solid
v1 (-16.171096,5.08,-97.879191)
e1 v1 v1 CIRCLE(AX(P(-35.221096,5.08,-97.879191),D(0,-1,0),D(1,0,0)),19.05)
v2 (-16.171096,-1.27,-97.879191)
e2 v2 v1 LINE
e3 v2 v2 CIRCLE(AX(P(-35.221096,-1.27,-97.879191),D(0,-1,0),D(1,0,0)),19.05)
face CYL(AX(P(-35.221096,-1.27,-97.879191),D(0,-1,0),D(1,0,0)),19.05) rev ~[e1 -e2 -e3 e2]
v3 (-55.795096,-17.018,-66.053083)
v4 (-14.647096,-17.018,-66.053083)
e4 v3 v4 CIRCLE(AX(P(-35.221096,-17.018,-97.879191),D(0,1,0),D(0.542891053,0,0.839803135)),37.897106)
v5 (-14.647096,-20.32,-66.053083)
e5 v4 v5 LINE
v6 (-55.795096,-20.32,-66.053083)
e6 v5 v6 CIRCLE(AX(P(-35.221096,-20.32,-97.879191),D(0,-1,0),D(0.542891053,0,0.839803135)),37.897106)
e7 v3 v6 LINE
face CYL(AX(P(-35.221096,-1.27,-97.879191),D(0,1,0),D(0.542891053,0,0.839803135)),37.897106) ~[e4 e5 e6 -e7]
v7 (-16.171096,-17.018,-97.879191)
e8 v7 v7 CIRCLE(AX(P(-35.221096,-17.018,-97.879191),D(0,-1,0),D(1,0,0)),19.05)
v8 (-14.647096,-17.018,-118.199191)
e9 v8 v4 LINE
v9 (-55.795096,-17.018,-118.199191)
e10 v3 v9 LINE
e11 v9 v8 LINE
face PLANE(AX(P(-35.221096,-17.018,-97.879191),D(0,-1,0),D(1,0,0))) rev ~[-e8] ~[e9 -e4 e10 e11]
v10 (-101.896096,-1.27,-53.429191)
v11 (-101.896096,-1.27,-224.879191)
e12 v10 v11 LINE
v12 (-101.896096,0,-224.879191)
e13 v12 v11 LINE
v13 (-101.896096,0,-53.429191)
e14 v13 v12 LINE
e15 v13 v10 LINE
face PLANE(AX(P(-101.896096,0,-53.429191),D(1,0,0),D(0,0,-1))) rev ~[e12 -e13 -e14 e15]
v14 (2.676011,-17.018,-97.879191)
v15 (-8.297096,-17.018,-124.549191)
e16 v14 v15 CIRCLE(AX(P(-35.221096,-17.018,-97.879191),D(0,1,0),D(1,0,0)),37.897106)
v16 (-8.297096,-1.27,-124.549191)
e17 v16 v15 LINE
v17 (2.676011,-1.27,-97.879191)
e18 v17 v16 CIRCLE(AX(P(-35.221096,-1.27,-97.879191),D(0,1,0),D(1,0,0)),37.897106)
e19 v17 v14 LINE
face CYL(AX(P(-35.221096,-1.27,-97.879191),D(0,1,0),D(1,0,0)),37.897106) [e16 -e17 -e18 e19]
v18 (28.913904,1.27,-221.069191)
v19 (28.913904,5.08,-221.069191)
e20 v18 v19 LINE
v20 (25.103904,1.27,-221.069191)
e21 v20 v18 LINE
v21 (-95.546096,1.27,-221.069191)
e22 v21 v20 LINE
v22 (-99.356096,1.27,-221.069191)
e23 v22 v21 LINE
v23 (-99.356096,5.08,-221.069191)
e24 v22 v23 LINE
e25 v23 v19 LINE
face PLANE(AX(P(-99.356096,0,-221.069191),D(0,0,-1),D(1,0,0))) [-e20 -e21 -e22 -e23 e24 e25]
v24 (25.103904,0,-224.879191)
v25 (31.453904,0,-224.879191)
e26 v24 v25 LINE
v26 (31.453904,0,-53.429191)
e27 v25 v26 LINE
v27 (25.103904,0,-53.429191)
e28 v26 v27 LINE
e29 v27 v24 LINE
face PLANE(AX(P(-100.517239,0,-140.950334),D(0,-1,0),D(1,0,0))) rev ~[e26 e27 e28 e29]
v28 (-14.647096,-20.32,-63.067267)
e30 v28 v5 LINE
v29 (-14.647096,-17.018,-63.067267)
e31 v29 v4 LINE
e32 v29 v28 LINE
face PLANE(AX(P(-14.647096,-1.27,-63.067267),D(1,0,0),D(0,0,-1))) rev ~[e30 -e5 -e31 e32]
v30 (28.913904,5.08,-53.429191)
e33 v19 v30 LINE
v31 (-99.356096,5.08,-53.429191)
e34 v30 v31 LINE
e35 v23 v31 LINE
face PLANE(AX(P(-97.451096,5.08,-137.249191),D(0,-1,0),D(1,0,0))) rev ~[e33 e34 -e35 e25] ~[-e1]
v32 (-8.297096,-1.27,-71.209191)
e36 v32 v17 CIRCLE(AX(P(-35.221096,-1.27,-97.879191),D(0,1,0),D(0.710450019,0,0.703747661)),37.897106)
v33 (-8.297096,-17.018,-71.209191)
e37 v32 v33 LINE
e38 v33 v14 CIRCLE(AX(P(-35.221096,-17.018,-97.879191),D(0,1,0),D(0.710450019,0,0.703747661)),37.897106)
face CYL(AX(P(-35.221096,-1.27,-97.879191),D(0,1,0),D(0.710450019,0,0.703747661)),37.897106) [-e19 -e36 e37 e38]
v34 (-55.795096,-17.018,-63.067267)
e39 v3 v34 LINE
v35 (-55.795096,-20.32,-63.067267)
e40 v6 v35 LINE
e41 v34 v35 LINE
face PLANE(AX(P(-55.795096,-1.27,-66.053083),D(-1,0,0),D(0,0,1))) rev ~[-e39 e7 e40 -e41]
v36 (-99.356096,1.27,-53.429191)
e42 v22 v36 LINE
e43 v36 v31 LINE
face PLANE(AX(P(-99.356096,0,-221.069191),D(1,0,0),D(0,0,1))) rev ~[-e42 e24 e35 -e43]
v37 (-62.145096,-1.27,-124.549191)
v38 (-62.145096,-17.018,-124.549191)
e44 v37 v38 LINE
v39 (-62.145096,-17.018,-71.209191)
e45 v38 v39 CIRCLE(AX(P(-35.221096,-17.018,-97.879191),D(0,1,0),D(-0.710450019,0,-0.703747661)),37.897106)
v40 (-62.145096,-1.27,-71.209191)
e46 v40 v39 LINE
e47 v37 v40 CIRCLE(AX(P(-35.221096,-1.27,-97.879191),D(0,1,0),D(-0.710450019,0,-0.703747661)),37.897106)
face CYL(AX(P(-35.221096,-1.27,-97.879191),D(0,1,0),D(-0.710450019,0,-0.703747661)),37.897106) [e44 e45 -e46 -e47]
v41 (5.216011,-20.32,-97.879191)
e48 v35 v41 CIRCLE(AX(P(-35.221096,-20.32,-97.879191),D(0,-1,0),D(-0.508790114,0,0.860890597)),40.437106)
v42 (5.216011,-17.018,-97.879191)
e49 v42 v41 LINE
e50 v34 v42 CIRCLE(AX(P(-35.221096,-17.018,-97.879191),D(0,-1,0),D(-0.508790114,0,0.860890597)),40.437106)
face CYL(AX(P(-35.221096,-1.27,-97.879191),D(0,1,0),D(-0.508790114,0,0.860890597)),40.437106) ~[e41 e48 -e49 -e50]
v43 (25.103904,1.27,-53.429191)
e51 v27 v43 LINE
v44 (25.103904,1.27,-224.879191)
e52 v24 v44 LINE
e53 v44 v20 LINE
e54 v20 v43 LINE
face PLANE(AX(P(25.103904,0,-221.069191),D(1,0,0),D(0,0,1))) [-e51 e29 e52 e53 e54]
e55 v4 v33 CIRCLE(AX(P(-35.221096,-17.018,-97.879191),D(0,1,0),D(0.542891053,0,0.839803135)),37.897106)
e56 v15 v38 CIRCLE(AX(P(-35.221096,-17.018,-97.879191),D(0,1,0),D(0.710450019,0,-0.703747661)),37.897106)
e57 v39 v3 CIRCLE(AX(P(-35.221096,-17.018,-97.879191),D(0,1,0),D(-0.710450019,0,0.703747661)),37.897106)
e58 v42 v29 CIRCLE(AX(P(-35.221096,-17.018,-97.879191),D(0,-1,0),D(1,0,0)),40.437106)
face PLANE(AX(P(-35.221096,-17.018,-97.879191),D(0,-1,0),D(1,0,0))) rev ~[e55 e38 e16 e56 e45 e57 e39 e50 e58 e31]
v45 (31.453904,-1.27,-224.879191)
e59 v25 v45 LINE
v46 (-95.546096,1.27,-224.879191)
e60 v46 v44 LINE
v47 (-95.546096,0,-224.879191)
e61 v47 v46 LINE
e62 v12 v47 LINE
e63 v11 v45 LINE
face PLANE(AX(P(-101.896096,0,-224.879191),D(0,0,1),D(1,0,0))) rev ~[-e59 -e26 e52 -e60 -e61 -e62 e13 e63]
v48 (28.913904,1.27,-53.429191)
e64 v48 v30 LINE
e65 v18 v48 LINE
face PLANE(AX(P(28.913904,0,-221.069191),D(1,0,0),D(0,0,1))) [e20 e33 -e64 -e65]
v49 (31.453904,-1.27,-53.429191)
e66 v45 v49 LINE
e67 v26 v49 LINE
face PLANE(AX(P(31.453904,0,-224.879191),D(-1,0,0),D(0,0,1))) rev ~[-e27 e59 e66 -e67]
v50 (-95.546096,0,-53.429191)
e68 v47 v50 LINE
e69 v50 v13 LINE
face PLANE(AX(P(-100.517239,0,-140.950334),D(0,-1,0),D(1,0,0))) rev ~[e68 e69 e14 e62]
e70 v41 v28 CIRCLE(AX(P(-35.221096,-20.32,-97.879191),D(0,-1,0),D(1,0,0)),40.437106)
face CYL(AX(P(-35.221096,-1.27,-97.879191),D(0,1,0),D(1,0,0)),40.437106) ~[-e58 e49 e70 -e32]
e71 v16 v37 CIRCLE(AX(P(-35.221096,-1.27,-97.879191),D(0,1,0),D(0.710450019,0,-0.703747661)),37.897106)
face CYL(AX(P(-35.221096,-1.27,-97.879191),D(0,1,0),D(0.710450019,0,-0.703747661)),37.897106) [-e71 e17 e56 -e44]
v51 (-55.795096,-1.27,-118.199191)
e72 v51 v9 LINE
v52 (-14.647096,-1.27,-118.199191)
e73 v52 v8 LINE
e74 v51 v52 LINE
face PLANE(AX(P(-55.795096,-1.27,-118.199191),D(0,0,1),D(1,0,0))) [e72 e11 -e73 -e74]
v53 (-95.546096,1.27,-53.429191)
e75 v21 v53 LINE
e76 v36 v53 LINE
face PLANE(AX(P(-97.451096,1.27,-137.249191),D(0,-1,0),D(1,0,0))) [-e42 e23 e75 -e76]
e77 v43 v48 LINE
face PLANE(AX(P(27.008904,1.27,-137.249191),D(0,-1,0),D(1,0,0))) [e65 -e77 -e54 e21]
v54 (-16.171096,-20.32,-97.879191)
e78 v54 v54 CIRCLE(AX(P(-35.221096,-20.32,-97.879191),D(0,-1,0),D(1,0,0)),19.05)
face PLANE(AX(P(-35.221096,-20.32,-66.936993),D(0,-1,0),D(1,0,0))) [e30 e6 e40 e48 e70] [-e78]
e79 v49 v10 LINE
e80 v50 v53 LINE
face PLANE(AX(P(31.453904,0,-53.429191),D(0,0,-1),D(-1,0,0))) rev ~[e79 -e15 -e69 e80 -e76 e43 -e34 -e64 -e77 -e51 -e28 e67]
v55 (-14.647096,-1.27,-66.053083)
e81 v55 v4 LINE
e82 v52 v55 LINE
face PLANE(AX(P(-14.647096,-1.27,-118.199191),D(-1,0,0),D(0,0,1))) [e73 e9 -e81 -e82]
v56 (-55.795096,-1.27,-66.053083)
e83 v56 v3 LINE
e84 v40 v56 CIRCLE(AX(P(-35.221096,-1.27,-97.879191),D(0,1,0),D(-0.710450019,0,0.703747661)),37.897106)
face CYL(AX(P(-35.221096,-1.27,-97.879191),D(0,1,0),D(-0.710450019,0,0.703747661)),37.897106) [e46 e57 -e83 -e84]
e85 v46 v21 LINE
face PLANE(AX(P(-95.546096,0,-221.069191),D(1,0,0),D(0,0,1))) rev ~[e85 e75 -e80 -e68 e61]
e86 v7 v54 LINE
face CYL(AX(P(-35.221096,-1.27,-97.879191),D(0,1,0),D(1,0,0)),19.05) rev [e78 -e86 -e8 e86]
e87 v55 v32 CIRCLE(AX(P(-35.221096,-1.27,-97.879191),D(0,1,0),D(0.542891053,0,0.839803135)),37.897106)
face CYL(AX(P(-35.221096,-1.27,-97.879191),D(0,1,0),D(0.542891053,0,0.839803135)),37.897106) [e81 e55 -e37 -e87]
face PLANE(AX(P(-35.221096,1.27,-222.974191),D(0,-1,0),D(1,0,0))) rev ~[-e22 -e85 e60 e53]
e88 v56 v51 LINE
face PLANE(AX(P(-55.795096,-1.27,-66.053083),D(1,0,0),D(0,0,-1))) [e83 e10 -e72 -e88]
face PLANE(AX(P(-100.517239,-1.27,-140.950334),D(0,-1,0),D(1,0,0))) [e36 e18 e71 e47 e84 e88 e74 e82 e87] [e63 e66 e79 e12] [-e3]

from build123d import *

# Parameters (mm, degrees)
F0_W     = 3.81
F0_H     = 167.64
F0_W_2   = 120.65
F1_DEPTH = 5.08
F0_H_2   = 3.81
F2_DEPTH = 1.27
F3_DEPTH = 1.27
F4_DEPTH = 1.27
F5_W     = 41.148
F5_H     = 6.35
F5_H_2   = 40.64
F5_R     = 19.05
F6_DEPTH = 19.05
F7_DEPTH = 15.748
F8_DEPTH = 6.35


with BuildPart() as f1:
    # F0 (on Front) → F1 (new body)
    with BuildSketch(Plane.XZ):
        with Locations((-97.4510958609, -137.2491913055)):
            Rectangle(F0_W, F0_H)
        with Locations((-35.2210958609, -137.2491913055)):
            Rectangle(F0_W_2, F0_H)
        with Locations((27.0089041391, -137.2491913055)):
            Rectangle(F0_W, F0_H)
    extrude(amount=-F1_DEPTH)

    # F0 (on Front) → F2 (join)
    with BuildSketch(Plane.XZ):
        with Locations((-35.2210958609, -222.9741913055)):
            Rectangle(F0_W_2, F0_H_2)
    extrude(amount=-F2_DEPTH)

    # F0 (on Front) → F3 (cut)
    with BuildSketch(Plane.XZ):
        with Locations((-97.4510958609, -137.2491913055)):
            Rectangle(F0_W, F0_H)
        with Locations((27.0089041391, -137.2491913055)):
            Rectangle(F0_W, F0_H)
    extrude(amount=-F3_DEPTH, mode=Mode.SUBTRACT)

    # F0 (on Front) → F4 (join)
    with BuildSketch(Plane.XZ):
        Polygon((-99.3560958609, -221.0691913055), (-99.3560958609, -53.4291913055), (-101.8960958609, -53.4291913055), (-101.8960958609, -224.8791913055), (-95.5460958609, -224.8791913055), (-95.5460958609, -221.0691913055), align=None)
        with Locations((-97.4510958609, -137.2491913055)):
            Rectangle(F0_W, F0_H)
        with Locations((-35.2210958609, -137.2491913055)):
            Rectangle(F0_W_2, F0_H)
        with Locations((-35.2210958609, -222.9741913055)):
            Rectangle(F0_W_2, F0_H_2)
        with Locations((27.0089041391, -137.2491913055)):
            Rectangle(F0_W, F0_H)
        Polygon((31.4539041391, -53.4291913055), (28.9139041391, -53.4291913055), (28.9139041391, -221.0691913055), (25.1039041391, -221.0691913055), (25.1039041391, -224.8791913055), (31.4539041391, -224.8791913055), align=None)
    extrude(amount=F4_DEPTH)

    # F5 (on face) → F6 (join)
    with BuildSketch(Plane.XZ.offset(1.27)):
        with BuildLine():
            Line((-14.6470958609, -71.2091913055), (-14.6470958609, -66.0530825267))
            ThreePointArc((-14.6470958609, -66.0530825267), (-35.2210958609, -59.9820848724), (-55.7950958609, -66.0530825267))
            Line((-55.7950958609, -66.0530825267), (-55.7950958609, -71.2091913055))
            Line((-55.7950958609, -71.2091913055), (-14.6470958609, -71.2091913055))
        make_face()
        with Locations((-35.2210958609, -74.3841913055)):
            Rectangle(F5_W, F5_H)
        with Locations((-35.2210958609, -97.8791913055)):
            Rectangle(F5_W, F5_H_2)
        with Locations((-35.2210958609, -97.8791913055)):
            Circle(F5_R, mode=Mode.SUBTRACT)
        with BuildLine():
            Line((-55.7950958609, -71.2091913055), (-55.7950958609, -66.0530825267))
            ThreePointArc((-55.7950958609, -66.0530825267), (-59.109615393, -68.4593117924), (-62.1450958609, -71.2091913055))
            Line((-62.1450958609, -71.2091913055), (-55.7950958609, -71.2091913055))
        make_face()
        with BuildLine():
            ThreePointArc((-62.1450958609, -71.2091913055), (-73.118202294, -97.8791913055), (-62.1450958609, -124.5491913055))
            Line((-62.1450958609, -124.5491913055), (-62.1450958609, -71.2091913055))
        make_face()
        with BuildLine():
            Line((-14.6470958609, -71.2091913055), (-8.2970958609, -71.2091913055))
            ThreePointArc((-8.2970958609, -71.2091913055), (-11.3325763288, -68.4593117924), (-14.6470958609, -66.0530825267))
            Line((-14.6470958609, -66.0530825267), (-14.6470958609, -71.2091913055))
        make_face()
        Polygon((-8.2970958609, -124.5491913055), (-8.2970958609, -71.2091913055), (-14.6470958609, -71.2091913055), (-14.6470958609, -77.5591913055), (-14.6470958609, -118.1991913055), (-55.7950958609, -118.1991913055), (-55.7950958609, -77.5591913055), (-55.7950958609, -71.2091913055), (-62.1450958609, -71.2091913055), (-62.1450958609, -124.5491913055), align=None)
        with BuildLine():
            ThreePointArc((-8.2970958609, -124.5491913055), (-0.1744671385, -112.298778373), (2.6760105722, -97.8791913055))
            ThreePointArc((2.6760105722, -97.8791913055), (-0.1744671385, -83.459604238), (-8.2970958609, -71.2091913055))
            Line((-8.2970958609, -71.2091913055), (-8.2970958609, -124.5491913055))
        make_face()
        with BuildLine():
            ThreePointArc((-62.1450958609, -124.5491913055), (-35.2210958609, -135.7762977386), (-8.2970958609, -124.5491913055))
            Line((-8.2970958609, -124.5491913055), (-62.1450958609, -124.5491913055))
        make_face()
        with BuildLine():
            ThreePointArc((-8.2970958609, -71.2091913055), (-0.1744671385, -83.459604238), (2.6760105722, -97.8791913055))
            ThreePointArc((2.6760105722, -97.8791913055), (-0.1744671385, -112.298778373), (-8.2970958609, -124.5491913055))
            ThreePointArc((-8.2970958609, -124.5491913055), (-35.2210958609, -135.7762977386), (-62.1450958609, -124.5491913055))
            ThreePointArc((-62.1450958609, -124.5491913055), (-73.118202294, -97.8791913055), (-62.1450958609, -71.2091913055))
            ThreePointArc((-62.1450958609, -71.2091913055), (-59.109615393, -68.4593117924), (-55.7950958609, -66.0530825267))
            Line((-55.7950958609, -66.0530825267), (-55.7950958609, -63.0672666147))
            ThreePointArc((-55.7950958609, -63.0672666147), (-55.2611376389, -133.0012114954), (5.2160105722, -97.8791913055))
            ThreePointArc((5.2160105722, -97.8791913055), (-0.099075671, -77.8391495275), (-14.6470958609, -63.0672666147))
            Line((-14.6470958609, -63.0672666147), (-14.6470958609, -66.0530825267))
            ThreePointArc((-14.6470958609, -66.0530825267), (-11.3325763288, -68.4593117924), (-8.2970958609, -71.2091913055))
        make_face()
    extrude(amount=F6_DEPTH)

    # F5 (on face) → F7 (cut)
    with BuildSketch(Plane.XZ.offset(1.27)):
        with Locations((-35.2210958609, -97.8791913055)):
            Rectangle(F5_W, F5_H_2)
        with Locations((-35.2210958609, -97.8791913055)):
            Circle(F5_R, mode=Mode.SUBTRACT)
        with Locations((-35.2210958609, -74.3841913055)):
            Rectangle(F5_W, F5_H)
        with BuildLine():
            Line((-14.6470958609, -71.2091913055), (-14.6470958609, -66.0530825267))
            ThreePointArc((-14.6470958609, -66.0530825267), (-35.2210958609, -59.9820848724), (-55.7950958609, -66.0530825267))
            Line((-55.7950958609, -66.0530825267), (-55.7950958609, -71.2091913055))
            Line((-55.7950958609, -71.2091913055), (-14.6470958609, -71.2091913055))
        make_face()
        with BuildLine():
            ThreePointArc((-55.7950958609, -66.0530825267), (-35.2210958609, -59.9820848724), (-14.6470958609, -66.0530825267))
            Line((-14.6470958609, -66.0530825267), (-14.6470958609, -63.0672666147))
            ThreePointArc((-14.6470958609, -63.0672666147), (-35.2210958609, -57.4420848724), (-55.7950958609, -63.0672666147))
            Line((-55.7950958609, -63.0672666147), (-55.7950958609, -66.0530825267))
        make_face()
        with BuildLine():
            ThreePointArc((-8.2970958609, -71.2091913055), (-0.1744671385, -83.459604238), (2.6760105722, -97.8791913055))
            ThreePointArc((2.6760105722, -97.8791913055), (-0.1744671385, -112.298778373), (-8.2970958609, -124.5491913055))
            ThreePointArc((-8.2970958609, -124.5491913055), (-35.2210958609, -135.7762977386), (-62.1450958609, -124.5491913055))
            ThreePointArc((-62.1450958609, -124.5491913055), (-73.118202294, -97.8791913055), (-62.1450958609, -71.2091913055))
            ThreePointArc((-62.1450958609, -71.2091913055), (-59.109615393, -68.4593117924), (-55.7950958609, -66.0530825267))
            Line((-55.7950958609, -66.0530825267), (-55.7950958609, -63.0672666147))
            ThreePointArc((-55.7950958609, -63.0672666147), (-55.2611376389, -133.0012114954), (5.2160105722, -97.8791913055))
            ThreePointArc((5.2160105722, -97.8791913055), (-0.099075671, -77.8391495275), (-14.6470958609, -63.0672666147))
            Line((-14.6470958609, -63.0672666147), (-14.6470958609, -66.0530825267))
            ThreePointArc((-14.6470958609, -66.0530825267), (-11.3325763288, -68.4593117924), (-8.2970958609, -71.2091913055))
        make_face()
    extrude(amount=F7_DEPTH, mode=Mode.SUBTRACT)

    # F5 (on face) → F8 (cut)
    with BuildSketch(Plane.XZ.offset(1.27)):
        with Locations((-35.2210958609, -97.8791913055)):
            Circle(F5_R)
    extrude(amount=-F8_DEPTH, mode=Mode.SUBTRACT)


solid = f1.part
